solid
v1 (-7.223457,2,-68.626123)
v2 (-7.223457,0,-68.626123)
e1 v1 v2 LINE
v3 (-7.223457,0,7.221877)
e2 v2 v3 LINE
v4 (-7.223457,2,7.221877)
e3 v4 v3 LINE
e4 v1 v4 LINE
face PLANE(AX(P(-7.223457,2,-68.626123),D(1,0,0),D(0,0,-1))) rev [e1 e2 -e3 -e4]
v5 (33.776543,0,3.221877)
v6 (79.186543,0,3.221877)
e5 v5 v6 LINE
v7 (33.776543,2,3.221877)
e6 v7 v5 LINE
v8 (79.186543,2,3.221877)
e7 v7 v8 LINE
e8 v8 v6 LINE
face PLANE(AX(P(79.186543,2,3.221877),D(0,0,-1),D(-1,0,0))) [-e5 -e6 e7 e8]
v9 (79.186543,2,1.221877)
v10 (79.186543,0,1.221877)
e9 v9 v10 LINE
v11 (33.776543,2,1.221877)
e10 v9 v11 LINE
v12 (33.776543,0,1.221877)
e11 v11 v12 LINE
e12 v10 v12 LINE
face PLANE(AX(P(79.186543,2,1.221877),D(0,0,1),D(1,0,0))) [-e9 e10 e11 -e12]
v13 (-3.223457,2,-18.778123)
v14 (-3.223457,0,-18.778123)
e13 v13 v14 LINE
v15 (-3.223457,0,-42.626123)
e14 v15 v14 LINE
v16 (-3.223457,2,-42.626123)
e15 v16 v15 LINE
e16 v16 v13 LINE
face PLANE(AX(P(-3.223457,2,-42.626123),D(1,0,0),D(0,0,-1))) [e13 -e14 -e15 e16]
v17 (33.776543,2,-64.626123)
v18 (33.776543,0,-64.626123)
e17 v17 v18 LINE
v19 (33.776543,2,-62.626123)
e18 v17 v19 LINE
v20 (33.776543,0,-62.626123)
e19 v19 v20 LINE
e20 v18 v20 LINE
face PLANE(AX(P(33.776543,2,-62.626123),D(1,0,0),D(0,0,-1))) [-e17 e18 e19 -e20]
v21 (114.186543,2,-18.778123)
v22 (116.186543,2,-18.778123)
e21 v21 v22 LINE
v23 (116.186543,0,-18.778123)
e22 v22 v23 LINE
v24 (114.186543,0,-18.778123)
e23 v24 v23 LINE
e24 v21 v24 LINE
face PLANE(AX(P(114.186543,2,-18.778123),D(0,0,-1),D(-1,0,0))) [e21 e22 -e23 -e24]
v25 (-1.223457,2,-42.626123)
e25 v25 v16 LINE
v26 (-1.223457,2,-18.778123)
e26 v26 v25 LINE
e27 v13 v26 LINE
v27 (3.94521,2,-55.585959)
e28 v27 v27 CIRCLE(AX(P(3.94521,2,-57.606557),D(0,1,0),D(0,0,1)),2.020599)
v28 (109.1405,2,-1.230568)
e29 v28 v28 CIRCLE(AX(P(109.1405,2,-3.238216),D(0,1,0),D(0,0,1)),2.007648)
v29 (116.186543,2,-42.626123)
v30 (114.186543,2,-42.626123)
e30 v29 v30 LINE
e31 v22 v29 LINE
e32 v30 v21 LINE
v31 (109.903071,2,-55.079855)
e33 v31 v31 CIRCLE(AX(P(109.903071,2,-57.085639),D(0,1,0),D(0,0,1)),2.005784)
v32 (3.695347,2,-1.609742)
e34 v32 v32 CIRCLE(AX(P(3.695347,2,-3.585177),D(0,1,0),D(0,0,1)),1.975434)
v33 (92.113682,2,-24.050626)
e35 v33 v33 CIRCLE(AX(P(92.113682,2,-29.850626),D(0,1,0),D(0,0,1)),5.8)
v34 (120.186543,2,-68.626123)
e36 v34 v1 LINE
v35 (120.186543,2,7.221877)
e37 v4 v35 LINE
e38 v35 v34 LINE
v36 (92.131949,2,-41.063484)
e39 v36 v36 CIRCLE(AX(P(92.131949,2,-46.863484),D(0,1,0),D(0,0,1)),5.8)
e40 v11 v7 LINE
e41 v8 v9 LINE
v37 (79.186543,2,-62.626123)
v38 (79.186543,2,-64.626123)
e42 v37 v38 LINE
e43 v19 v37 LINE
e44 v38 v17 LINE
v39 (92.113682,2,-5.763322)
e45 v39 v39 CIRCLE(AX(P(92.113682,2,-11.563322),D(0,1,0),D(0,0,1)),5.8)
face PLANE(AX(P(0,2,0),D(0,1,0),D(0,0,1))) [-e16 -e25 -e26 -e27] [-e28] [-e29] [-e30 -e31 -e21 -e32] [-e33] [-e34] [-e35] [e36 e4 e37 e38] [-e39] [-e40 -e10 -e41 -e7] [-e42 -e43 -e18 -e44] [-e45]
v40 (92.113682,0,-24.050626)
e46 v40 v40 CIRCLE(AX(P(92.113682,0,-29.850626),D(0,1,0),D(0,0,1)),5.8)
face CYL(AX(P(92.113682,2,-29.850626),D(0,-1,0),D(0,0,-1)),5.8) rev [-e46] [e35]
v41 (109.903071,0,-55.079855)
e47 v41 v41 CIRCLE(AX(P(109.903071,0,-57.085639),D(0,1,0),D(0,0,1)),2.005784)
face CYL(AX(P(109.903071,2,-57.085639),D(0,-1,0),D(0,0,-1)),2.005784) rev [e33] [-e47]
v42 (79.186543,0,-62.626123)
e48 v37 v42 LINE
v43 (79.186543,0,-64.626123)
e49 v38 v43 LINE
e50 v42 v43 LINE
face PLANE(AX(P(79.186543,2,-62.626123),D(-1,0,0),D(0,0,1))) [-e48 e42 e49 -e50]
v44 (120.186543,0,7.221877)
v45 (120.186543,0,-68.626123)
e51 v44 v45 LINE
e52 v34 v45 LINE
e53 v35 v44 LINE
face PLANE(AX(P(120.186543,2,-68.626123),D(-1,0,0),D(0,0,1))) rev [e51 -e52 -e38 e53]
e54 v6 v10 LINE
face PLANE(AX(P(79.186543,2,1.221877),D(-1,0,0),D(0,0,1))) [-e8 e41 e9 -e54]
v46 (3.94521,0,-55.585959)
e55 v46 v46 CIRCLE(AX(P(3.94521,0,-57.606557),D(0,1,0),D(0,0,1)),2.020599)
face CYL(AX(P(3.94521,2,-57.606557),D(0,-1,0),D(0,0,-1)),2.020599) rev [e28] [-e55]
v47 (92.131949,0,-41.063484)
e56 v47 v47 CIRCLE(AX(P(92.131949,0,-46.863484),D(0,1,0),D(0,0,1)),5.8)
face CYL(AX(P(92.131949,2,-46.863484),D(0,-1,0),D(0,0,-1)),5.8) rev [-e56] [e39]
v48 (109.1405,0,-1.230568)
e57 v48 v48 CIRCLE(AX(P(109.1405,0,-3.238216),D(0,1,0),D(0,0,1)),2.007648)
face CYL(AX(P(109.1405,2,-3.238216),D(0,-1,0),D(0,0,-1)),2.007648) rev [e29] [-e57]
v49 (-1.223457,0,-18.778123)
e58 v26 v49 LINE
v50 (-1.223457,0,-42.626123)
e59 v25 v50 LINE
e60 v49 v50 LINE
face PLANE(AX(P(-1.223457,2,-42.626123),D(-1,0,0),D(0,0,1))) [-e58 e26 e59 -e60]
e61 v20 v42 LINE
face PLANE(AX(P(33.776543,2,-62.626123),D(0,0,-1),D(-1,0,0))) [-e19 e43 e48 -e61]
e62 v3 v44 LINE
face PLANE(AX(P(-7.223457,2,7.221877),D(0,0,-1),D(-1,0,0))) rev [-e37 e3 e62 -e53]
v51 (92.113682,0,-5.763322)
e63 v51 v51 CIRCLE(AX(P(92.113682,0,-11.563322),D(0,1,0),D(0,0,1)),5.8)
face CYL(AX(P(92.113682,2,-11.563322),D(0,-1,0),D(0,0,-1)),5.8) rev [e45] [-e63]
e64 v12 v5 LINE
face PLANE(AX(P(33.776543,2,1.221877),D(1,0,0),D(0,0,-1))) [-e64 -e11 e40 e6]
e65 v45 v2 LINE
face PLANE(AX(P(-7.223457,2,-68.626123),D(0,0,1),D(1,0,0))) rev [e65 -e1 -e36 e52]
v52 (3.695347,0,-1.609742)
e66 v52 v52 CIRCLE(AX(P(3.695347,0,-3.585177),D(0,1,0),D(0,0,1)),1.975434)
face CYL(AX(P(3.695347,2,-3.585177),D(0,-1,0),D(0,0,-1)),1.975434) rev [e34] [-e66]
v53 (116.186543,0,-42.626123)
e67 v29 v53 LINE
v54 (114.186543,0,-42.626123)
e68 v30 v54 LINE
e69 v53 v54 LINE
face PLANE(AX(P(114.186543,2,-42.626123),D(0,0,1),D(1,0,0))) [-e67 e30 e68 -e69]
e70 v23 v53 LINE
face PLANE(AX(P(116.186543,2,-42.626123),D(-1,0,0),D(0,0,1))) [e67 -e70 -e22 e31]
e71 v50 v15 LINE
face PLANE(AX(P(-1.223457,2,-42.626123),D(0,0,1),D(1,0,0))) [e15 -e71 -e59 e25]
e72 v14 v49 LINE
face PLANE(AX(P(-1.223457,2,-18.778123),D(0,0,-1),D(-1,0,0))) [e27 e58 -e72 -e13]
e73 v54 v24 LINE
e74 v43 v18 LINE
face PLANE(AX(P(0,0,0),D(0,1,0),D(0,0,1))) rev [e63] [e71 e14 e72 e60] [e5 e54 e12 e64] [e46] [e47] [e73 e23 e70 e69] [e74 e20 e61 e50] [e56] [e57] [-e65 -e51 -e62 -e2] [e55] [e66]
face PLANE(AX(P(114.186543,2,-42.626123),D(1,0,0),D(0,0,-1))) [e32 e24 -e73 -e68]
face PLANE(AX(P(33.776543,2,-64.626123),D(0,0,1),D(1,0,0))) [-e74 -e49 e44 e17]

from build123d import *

# Parameters (mm, degrees)
SKETCH2_W           = 127.41
SKETCH2_H           = 75.848
SKETCH2_R           = 5.8
SKETCH2_R_2         = 1.975434392
SKETCH2_R_3         = 2.02059866
SKETCH2_R_4         = 2.005784304
SKETCH2_R_5         = 2.007647525
SKETCH2_W_2         = 2
SKETCH2_H_2         = 23.848
SKETCH2_W_3         = 45.41
SKETCH2_H_3         = 2
BOSS_EXTRUDE1_DEPTH = 2


with BuildPart() as part:
    # Sketch2 → Boss-Extrude1 (new body)
    with BuildSketch(Plane(origin=(0, 0, 0), x_dir=(1, 0, 0), z_dir=(0, 1, 0))):
        with Locations((56.48154317, 30.702122774)):
            Rectangle(SKETCH2_W, SKETCH2_H)
        with Locations(Location((92.113682499, 29.850625922, 0), (0, 0, 270))):
            Circle(SKETCH2_R, mode=Mode.SUBTRACT)
        with Locations(Location((92.113682499, 11.563322273, 0), (0, 0, 270))):
            Circle(SKETCH2_R, mode=Mode.SUBTRACT)
        with Locations(Location((92.131948628, 46.863483745, 0), (0, 0, 270))):
            Circle(SKETCH2_R, mode=Mode.SUBTRACT)
        with Locations(Location((3.695346689, 3.585176853, 0), (0, 0, 270))):
            Circle(SKETCH2_R_2, mode=Mode.SUBTRACT)
        with Locations(Location((3.945209928, 57.606557407, 0), (0, 0, 270))):
            Circle(SKETCH2_R_3, mode=Mode.SUBTRACT)
        with Locations(Location((109.903070514, 57.08563935, 0), (0, 0, 270))):
            Circle(SKETCH2_R_4, mode=Mode.SUBTRACT)
        with Locations(Location((109.140500171, 3.238215507, 0), (0, 0, 270))):
            Circle(SKETCH2_R_5, mode=Mode.SUBTRACT)
        with Locations((-2.22345683, 30.702122774)):
            Rectangle(SKETCH2_W_2, SKETCH2_H_2, mode=Mode.SUBTRACT)
        with Locations((56.48154317, 63.626122774)):
            Rectangle(SKETCH2_W_3, SKETCH2_H_3, mode=Mode.SUBTRACT)
        with Locations((115.18654317, 30.702122774)):
            Rectangle(SKETCH2_W_2, SKETCH2_H_2, mode=Mode.SUBTRACT)
        with Locations((56.48154317, -2.221877226)):
            Rectangle(SKETCH2_W_3, SKETCH2_H_3, mode=Mode.SUBTRACT)
    extrude(amount=BOSS_EXTRUDE1_DEPTH)


solid = part.part
